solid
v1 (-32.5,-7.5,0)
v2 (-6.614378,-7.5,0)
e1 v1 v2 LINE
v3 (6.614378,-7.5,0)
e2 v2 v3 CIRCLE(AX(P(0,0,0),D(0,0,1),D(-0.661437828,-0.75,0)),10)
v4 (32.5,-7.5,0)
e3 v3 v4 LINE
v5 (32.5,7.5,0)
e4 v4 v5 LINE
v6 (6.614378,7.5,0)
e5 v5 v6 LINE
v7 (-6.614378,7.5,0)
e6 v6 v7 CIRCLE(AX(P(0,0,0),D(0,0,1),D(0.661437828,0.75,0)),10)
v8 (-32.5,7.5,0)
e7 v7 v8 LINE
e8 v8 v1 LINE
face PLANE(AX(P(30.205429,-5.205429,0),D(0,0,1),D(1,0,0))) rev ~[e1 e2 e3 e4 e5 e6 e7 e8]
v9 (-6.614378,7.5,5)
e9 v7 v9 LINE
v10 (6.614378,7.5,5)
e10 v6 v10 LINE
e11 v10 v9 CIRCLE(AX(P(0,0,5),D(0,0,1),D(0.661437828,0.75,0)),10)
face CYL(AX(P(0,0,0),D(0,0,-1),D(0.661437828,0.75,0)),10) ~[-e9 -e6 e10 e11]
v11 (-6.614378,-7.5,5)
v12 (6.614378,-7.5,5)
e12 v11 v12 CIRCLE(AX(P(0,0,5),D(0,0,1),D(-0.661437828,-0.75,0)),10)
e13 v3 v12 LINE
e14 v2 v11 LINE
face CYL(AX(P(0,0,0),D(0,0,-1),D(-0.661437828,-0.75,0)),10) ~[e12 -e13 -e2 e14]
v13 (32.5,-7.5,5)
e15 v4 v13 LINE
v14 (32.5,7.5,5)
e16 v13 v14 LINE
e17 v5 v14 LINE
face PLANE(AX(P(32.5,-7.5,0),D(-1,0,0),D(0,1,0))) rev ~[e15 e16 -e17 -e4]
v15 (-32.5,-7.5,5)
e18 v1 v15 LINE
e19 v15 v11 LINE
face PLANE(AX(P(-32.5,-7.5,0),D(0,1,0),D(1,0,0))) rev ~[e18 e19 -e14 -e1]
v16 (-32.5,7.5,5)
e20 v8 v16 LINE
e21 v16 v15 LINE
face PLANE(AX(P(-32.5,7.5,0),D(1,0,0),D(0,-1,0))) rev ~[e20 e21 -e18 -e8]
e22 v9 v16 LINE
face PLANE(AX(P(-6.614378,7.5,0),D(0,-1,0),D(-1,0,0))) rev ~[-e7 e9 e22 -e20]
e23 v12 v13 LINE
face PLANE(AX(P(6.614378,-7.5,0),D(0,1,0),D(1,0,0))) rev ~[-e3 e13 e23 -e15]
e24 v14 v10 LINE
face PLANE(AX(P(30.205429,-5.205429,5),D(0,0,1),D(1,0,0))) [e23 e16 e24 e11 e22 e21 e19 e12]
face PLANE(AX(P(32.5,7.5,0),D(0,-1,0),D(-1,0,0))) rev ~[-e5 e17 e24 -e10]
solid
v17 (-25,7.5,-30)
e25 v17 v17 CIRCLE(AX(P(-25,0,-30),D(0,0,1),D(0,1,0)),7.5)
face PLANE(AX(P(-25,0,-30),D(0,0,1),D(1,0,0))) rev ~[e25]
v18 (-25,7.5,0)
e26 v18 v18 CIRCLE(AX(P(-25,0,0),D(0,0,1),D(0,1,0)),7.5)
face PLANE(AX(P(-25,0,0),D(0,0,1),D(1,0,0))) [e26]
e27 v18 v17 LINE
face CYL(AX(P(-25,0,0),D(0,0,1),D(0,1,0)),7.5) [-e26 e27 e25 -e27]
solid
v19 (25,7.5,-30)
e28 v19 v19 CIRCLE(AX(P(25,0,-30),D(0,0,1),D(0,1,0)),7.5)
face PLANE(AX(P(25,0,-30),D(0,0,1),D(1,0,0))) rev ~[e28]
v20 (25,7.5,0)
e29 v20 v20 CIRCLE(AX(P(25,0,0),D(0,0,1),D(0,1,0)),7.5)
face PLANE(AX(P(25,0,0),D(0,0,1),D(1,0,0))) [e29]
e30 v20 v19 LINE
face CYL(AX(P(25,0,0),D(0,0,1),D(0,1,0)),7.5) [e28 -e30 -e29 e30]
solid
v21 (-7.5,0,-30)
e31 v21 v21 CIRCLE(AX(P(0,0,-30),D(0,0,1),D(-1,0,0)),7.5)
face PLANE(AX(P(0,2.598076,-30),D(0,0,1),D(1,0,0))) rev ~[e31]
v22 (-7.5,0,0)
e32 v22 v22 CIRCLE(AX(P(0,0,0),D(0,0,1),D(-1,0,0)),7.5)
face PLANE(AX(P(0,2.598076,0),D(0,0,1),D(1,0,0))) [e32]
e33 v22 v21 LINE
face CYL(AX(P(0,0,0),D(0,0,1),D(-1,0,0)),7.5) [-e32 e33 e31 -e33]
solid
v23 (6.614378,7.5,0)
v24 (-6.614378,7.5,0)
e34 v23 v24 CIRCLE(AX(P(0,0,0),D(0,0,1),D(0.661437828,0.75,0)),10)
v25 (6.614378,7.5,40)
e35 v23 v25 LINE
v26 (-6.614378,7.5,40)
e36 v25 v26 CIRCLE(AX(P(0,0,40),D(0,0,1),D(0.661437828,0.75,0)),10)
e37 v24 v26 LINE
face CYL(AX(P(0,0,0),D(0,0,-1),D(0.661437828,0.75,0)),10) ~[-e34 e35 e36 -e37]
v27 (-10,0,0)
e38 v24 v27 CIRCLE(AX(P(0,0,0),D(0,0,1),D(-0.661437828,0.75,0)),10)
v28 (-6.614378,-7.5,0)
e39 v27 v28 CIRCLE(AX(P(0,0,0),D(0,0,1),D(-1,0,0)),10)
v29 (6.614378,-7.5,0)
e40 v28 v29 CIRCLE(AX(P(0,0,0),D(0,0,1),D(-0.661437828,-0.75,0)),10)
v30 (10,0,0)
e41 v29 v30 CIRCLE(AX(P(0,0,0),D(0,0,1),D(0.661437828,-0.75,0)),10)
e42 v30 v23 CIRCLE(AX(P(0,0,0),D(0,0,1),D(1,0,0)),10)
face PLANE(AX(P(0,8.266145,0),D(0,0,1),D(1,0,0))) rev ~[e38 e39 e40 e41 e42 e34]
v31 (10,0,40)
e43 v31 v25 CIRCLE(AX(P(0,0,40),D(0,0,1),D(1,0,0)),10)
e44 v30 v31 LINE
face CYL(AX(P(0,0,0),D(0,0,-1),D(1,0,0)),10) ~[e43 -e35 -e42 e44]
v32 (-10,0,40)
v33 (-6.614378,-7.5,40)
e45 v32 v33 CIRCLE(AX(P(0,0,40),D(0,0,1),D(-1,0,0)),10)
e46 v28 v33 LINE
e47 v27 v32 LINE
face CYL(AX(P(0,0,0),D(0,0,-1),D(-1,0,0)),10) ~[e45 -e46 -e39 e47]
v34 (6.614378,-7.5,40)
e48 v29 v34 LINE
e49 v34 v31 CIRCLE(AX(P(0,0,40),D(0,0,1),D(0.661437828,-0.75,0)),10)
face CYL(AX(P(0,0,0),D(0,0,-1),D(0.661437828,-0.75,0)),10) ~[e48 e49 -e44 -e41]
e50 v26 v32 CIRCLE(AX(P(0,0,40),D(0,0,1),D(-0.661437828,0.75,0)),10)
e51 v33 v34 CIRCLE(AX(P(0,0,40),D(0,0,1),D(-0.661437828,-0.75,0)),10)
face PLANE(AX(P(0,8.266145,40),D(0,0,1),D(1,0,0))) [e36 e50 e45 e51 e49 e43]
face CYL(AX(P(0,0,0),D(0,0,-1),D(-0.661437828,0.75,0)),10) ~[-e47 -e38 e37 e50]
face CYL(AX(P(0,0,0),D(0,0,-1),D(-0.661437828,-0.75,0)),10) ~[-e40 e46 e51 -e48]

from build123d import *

# Parameters (mm, degrees)
F1_DEPTH = 5
F2_DEPTH = 40
F3_DEPTH = 30


with BuildPart() as f1:
    # F0 (on Top) → F1 (new body)
    with BuildSketch(Plane.XY):
        with BuildLine():
            Line((25, -7.5), (32.5, -7.5))
            Line((32.5, -7.5), (32.5, 0))
            ThreePointArc((32.5, 0), (30.3033008589, -5.3033008589), (25, -7.5))
        make_face()
        with BuildLine():
            Line((6.6143782777, -7.5), (25, -7.5))
            ThreePointArc((25, -7.5), (19.6966991411, -5.3033008589), (17.5, 0))
            Line((17.5, 0), (10, 0))
            ThreePointArc((10, 0), (9.1143782777, -4.1143782777), (6.6143782777, -7.5))
        make_face()
        with BuildLine():
            ThreePointArc((17.5, 0), (19.6966991411, -5.3033008589), (25, -7.5))
            ThreePointArc((25, -7.5), (30.3033008589, -5.3033008589), (32.5, 0))
            ThreePointArc((32.5, 0), (30.3033008589, 5.3033008589), (25, 7.5))
            ThreePointArc((25, 7.5), (19.6966991411, 5.3033008589), (17.5, 0))
        make_face()
        with BuildLine():
            ThreePointArc((25, 7.5), (30.3033008589, 5.3033008589), (32.5, 0))
            Line((32.5, 0), (32.5, 7.5))
            Line((32.5, 7.5), (25, 7.5))
        make_face()
        with BuildLine():
            ThreePointArc((-6.6143782777, -7.5), (0, -10), (6.6143782777, -7.5))
            Line((6.6143782777, -7.5), (-2.86e-08, -7.5))
            Line((-2.86e-08, -7.5), (-6.6143782777, -7.5))
        make_face()
        with BuildLine():
            Line((-2.86e-08, -7.5), (6.6143782777, -7.5))
            ThreePointArc((6.6143782777, -7.5), (9.1143782777, -4.1143782777), (10, 0))
            Line((10, 0), (7.5, 0))
            ThreePointArc((7.5, 0), (5.3033008488, -5.303300869), (-2.86e-08, -7.5))
        make_face()
        with BuildLine():
            Line((10, 0), (17.5, 0))
            ThreePointArc((17.5, 0), (19.6966991411, 5.3033008589), (25, 7.5))
            Line((25, 7.5), (6.6143782777, 7.5))
            ThreePointArc((6.6143782777, 7.5), (9.1143782777, 4.1143782777), (10, 0))
        make_face()
        with BuildLine():
            Line((-6.6143782777, -7.5), (-2.86e-08, -7.5))
            ThreePointArc((-2.86e-08, -7.5), (-5.303300869, -5.3033008488), (-7.5, 0))
            Line((-7.5, 0), (-10, 0))
            ThreePointArc((-10, 0), (-9.1143782777, -4.1143782777), (-6.6143782777, -7.5))
        make_face()
        with BuildLine():
            Line((-25, -7.5), (-6.6143782777, -7.5))
            ThreePointArc((-6.6143782777, -7.5), (-9.1143782777, -4.1143782777), (-10, 0))
            Line((-10, 0), (-17.5, 0))
            ThreePointArc((-17.5, 0), (-19.6966991411, -5.3033008589), (-25, -7.5))
        make_face()
        with BuildLine():
            Line((7.5, 0), (10, 0))
            ThreePointArc((10, 0), (9.1143782777, 4.1143782777), (6.6143782777, 7.5))
            Line((6.6143782777, 7.5), (0, 7.5))
            ThreePointArc((0, 7.5), (5.3033008589, 5.3033008589), (7.5, 0))
        make_face()
        with BuildLine():
            Line((0, 7.5), (6.6143782777, 7.5))
            ThreePointArc((6.6143782777, 7.5), (0, 10), (-6.6143782777, 7.5))
            Line((-6.6143782777, 7.5), (0, 7.5))
        make_face()
        with BuildLine():
            Line((-10, 0), (-7.5, 0))
            ThreePointArc((-7.5, 0), (-5.3033008589, 5.3033008589), (0, 7.5))
            Line((0, 7.5), (-6.6143782777, 7.5))
            ThreePointArc((-6.6143782777, 7.5), (-9.1143782777, 4.1143782777), (-10, 0))
        make_face()
        with BuildLine():
            Line((-32.5, -7.5), (-25, -7.5))
            ThreePointArc((-25, -7.5), (-30.3033008589, -5.3033008589), (-32.5, 0))
            Line((-32.5, 0), (-32.5, -7.5))
        make_face()
        with BuildLine():
            ThreePointArc((-32.5, 0), (-30.3033008589, -5.3033008589), (-25, -7.5))
            ThreePointArc((-25, -7.5), (-19.6966991411, -5.3033008589), (-17.5, 0))
            ThreePointArc((-17.5, 0), (-19.6966991411, 5.3033008589), (-25, 7.5))
            ThreePointArc((-25, 7.5), (-30.3033008589, 5.3033008589), (-32.5, 0))
        make_face()
        with BuildLine():
            Line((-17.5, 0), (-10, 0))
            ThreePointArc((-10, 0), (-9.1143782777, 4.1143782777), (-6.6143782777, 7.5))
            Line((-6.6143782777, 7.5), (-25, 7.5))
            ThreePointArc((-25, 7.5), (-19.6966991411, 5.3033008589), (-17.5, 0))
        make_face()
        with BuildLine():
            Line((-32.5, 7.5), (-32.5, 0))
            ThreePointArc((-32.5, 0), (-30.3033008589, 5.3033008589), (-25, 7.5))
            Line((-25, 7.5), (-32.5, 7.5))
        make_face()
        with BuildLine():
            ThreePointArc((0, 7.5), (-5.3033008589, 5.3033008589), (-7.5, 0))
            Line((-7.5, 0), (0, 0))
            Line((0, 0), (7.5, 0))
            ThreePointArc((7.5, 0), (5.3033008589, 5.3033008589), (0, 7.5))
        make_face()
        with BuildLine():
            ThreePointArc((-7.5, 0), (-5.303300869, -5.3033008488), (-2.86e-08, -7.5))
            ThreePointArc((-2.86e-08, -7.5), (5.3033008488, -5.303300869), (7.5, 0))
            Line((7.5, 0), (0, 0))
            Line((0, 0), (-7.5, 0))
        make_face()
    extrude(amount=F1_DEPTH)


with BuildPart() as f2:
    # F0 (on Top) → F2 (new body)
    with BuildSketch(Plane.XY):
        with BuildLine():
            Line((0, 7.5), (6.6143782777, 7.5))
            ThreePointArc((6.6143782777, 7.5), (0, 10), (-6.6143782777, 7.5))
            Line((-6.6143782777, 7.5), (0, 7.5))
        make_face()
        with BuildLine():
            Line((-10, 0), (-7.5, 0))
            ThreePointArc((-7.5, 0), (-5.3033008589, 5.3033008589), (0, 7.5))
            Line((0, 7.5), (-6.6143782777, 7.5))
            ThreePointArc((-6.6143782777, 7.5), (-9.1143782777, 4.1143782777), (-10, 0))
        make_face()
        with BuildLine():
            ThreePointArc((0, 7.5), (-5.3033008589, 5.3033008589), (-7.5, 0))
            Line((-7.5, 0), (0, 0))
            Line((0, 0), (7.5, 0))
            ThreePointArc((7.5, 0), (5.3033008589, 5.3033008589), (0, 7.5))
        make_face()
        with BuildLine():
            Line((7.5, 0), (10, 0))
            ThreePointArc((10, 0), (9.1143782777, 4.1143782777), (6.6143782777, 7.5))
            Line((6.6143782777, 7.5), (0, 7.5))
            ThreePointArc((0, 7.5), (5.3033008589, 5.3033008589), (7.5, 0))
        make_face()
        with BuildLine():
            ThreePointArc((-7.5, 0), (-5.303300869, -5.3033008488), (-2.86e-08, -7.5))
            ThreePointArc((-2.86e-08, -7.5), (5.3033008488, -5.303300869), (7.5, 0))
            Line((7.5, 0), (0, 0))
            Line((0, 0), (-7.5, 0))
        make_face()
        with BuildLine():
            ThreePointArc((-6.6143782777, -7.5), (0, -10), (6.6143782777, -7.5))
            Line((6.6143782777, -7.5), (-2.86e-08, -7.5))
            Line((-2.86e-08, -7.5), (-6.6143782777, -7.5))
        make_face()
        with BuildLine():
            Line((-2.86e-08, -7.5), (6.6143782777, -7.5))
            ThreePointArc((6.6143782777, -7.5), (9.1143782777, -4.1143782777), (10, 0))
            Line((10, 0), (7.5, 0))
            ThreePointArc((7.5, 0), (5.3033008488, -5.303300869), (-2.86e-08, -7.5))
        make_face()
        with BuildLine():
            Line((-6.6143782777, -7.5), (-2.86e-08, -7.5))
            ThreePointArc((-2.86e-08, -7.5), (-5.303300869, -5.3033008488), (-7.5, 0))
            Line((-7.5, 0), (-10, 0))
            ThreePointArc((-10, 0), (-9.1143782777, -4.1143782777), (-6.6143782777, -7.5))
        make_face()
    extrude(amount=F2_DEPTH)


with BuildPart() as f3:
    # F0 (on Top) → F3 (new body)
    with BuildSketch(Plane.XY):
        with BuildLine():
            ThreePointArc((-32.5, 0), (-30.3033008589, -5.3033008589), (-25, -7.5))
            ThreePointArc((-25, -7.5), (-19.6966991411, -5.3033008589), (-17.5, 0))
            ThreePointArc((-17.5, 0), (-19.6966991411, 5.3033008589), (-25, 7.5))
            ThreePointArc((-25, 7.5), (-30.3033008589, 5.3033008589), (-32.5, 0))
        make_face()
    extrude(amount=-F3_DEPTH)


with BuildPart() as f3b:
    # F0 (on Top) → F3, piece 2 (new body)
    with BuildSketch(Plane.XY):
        with BuildLine():
            ThreePointArc((0, 7.5), (-5.3033008589, 5.3033008589), (-7.5, 0))
            Line((-7.5, 0), (0, 0))
            Line((0, 0), (7.5, 0))
            ThreePointArc((7.5, 0), (5.3033008589, 5.3033008589), (0, 7.5))
        make_face()
        with BuildLine():
            ThreePointArc((-7.5, 0), (-5.303300869, -5.3033008488), (-2.86e-08, -7.5))
            ThreePointArc((-2.86e-08, -7.5), (5.3033008488, -5.303300869), (7.5, 0))
            Line((7.5, 0), (0, 0))
            Line((0, 0), (-7.5, 0))
        make_face()
    extrude(amount=-F3_DEPTH)


with BuildPart() as f3c:
    # F0 (on Top) → F3, piece 3 (new body)
    with BuildSketch(Plane.XY):
        with BuildLine():
            ThreePointArc((17.5, 0), (19.6966991411, -5.3033008589), (25, -7.5))
            ThreePointArc((25, -7.5), (30.3033008589, -5.3033008589), (32.5, 0))
            ThreePointArc((32.5, 0), (30.3033008589, 5.3033008589), (25, 7.5))
            ThreePointArc((25, 7.5), (19.6966991411, 5.3033008589), (17.5, 0))
        make_face()
    extrude(amount=-F3_DEPTH)


solid = Compound([f1.part, f2.part, f3.part, f3b.part, f3c.part])
